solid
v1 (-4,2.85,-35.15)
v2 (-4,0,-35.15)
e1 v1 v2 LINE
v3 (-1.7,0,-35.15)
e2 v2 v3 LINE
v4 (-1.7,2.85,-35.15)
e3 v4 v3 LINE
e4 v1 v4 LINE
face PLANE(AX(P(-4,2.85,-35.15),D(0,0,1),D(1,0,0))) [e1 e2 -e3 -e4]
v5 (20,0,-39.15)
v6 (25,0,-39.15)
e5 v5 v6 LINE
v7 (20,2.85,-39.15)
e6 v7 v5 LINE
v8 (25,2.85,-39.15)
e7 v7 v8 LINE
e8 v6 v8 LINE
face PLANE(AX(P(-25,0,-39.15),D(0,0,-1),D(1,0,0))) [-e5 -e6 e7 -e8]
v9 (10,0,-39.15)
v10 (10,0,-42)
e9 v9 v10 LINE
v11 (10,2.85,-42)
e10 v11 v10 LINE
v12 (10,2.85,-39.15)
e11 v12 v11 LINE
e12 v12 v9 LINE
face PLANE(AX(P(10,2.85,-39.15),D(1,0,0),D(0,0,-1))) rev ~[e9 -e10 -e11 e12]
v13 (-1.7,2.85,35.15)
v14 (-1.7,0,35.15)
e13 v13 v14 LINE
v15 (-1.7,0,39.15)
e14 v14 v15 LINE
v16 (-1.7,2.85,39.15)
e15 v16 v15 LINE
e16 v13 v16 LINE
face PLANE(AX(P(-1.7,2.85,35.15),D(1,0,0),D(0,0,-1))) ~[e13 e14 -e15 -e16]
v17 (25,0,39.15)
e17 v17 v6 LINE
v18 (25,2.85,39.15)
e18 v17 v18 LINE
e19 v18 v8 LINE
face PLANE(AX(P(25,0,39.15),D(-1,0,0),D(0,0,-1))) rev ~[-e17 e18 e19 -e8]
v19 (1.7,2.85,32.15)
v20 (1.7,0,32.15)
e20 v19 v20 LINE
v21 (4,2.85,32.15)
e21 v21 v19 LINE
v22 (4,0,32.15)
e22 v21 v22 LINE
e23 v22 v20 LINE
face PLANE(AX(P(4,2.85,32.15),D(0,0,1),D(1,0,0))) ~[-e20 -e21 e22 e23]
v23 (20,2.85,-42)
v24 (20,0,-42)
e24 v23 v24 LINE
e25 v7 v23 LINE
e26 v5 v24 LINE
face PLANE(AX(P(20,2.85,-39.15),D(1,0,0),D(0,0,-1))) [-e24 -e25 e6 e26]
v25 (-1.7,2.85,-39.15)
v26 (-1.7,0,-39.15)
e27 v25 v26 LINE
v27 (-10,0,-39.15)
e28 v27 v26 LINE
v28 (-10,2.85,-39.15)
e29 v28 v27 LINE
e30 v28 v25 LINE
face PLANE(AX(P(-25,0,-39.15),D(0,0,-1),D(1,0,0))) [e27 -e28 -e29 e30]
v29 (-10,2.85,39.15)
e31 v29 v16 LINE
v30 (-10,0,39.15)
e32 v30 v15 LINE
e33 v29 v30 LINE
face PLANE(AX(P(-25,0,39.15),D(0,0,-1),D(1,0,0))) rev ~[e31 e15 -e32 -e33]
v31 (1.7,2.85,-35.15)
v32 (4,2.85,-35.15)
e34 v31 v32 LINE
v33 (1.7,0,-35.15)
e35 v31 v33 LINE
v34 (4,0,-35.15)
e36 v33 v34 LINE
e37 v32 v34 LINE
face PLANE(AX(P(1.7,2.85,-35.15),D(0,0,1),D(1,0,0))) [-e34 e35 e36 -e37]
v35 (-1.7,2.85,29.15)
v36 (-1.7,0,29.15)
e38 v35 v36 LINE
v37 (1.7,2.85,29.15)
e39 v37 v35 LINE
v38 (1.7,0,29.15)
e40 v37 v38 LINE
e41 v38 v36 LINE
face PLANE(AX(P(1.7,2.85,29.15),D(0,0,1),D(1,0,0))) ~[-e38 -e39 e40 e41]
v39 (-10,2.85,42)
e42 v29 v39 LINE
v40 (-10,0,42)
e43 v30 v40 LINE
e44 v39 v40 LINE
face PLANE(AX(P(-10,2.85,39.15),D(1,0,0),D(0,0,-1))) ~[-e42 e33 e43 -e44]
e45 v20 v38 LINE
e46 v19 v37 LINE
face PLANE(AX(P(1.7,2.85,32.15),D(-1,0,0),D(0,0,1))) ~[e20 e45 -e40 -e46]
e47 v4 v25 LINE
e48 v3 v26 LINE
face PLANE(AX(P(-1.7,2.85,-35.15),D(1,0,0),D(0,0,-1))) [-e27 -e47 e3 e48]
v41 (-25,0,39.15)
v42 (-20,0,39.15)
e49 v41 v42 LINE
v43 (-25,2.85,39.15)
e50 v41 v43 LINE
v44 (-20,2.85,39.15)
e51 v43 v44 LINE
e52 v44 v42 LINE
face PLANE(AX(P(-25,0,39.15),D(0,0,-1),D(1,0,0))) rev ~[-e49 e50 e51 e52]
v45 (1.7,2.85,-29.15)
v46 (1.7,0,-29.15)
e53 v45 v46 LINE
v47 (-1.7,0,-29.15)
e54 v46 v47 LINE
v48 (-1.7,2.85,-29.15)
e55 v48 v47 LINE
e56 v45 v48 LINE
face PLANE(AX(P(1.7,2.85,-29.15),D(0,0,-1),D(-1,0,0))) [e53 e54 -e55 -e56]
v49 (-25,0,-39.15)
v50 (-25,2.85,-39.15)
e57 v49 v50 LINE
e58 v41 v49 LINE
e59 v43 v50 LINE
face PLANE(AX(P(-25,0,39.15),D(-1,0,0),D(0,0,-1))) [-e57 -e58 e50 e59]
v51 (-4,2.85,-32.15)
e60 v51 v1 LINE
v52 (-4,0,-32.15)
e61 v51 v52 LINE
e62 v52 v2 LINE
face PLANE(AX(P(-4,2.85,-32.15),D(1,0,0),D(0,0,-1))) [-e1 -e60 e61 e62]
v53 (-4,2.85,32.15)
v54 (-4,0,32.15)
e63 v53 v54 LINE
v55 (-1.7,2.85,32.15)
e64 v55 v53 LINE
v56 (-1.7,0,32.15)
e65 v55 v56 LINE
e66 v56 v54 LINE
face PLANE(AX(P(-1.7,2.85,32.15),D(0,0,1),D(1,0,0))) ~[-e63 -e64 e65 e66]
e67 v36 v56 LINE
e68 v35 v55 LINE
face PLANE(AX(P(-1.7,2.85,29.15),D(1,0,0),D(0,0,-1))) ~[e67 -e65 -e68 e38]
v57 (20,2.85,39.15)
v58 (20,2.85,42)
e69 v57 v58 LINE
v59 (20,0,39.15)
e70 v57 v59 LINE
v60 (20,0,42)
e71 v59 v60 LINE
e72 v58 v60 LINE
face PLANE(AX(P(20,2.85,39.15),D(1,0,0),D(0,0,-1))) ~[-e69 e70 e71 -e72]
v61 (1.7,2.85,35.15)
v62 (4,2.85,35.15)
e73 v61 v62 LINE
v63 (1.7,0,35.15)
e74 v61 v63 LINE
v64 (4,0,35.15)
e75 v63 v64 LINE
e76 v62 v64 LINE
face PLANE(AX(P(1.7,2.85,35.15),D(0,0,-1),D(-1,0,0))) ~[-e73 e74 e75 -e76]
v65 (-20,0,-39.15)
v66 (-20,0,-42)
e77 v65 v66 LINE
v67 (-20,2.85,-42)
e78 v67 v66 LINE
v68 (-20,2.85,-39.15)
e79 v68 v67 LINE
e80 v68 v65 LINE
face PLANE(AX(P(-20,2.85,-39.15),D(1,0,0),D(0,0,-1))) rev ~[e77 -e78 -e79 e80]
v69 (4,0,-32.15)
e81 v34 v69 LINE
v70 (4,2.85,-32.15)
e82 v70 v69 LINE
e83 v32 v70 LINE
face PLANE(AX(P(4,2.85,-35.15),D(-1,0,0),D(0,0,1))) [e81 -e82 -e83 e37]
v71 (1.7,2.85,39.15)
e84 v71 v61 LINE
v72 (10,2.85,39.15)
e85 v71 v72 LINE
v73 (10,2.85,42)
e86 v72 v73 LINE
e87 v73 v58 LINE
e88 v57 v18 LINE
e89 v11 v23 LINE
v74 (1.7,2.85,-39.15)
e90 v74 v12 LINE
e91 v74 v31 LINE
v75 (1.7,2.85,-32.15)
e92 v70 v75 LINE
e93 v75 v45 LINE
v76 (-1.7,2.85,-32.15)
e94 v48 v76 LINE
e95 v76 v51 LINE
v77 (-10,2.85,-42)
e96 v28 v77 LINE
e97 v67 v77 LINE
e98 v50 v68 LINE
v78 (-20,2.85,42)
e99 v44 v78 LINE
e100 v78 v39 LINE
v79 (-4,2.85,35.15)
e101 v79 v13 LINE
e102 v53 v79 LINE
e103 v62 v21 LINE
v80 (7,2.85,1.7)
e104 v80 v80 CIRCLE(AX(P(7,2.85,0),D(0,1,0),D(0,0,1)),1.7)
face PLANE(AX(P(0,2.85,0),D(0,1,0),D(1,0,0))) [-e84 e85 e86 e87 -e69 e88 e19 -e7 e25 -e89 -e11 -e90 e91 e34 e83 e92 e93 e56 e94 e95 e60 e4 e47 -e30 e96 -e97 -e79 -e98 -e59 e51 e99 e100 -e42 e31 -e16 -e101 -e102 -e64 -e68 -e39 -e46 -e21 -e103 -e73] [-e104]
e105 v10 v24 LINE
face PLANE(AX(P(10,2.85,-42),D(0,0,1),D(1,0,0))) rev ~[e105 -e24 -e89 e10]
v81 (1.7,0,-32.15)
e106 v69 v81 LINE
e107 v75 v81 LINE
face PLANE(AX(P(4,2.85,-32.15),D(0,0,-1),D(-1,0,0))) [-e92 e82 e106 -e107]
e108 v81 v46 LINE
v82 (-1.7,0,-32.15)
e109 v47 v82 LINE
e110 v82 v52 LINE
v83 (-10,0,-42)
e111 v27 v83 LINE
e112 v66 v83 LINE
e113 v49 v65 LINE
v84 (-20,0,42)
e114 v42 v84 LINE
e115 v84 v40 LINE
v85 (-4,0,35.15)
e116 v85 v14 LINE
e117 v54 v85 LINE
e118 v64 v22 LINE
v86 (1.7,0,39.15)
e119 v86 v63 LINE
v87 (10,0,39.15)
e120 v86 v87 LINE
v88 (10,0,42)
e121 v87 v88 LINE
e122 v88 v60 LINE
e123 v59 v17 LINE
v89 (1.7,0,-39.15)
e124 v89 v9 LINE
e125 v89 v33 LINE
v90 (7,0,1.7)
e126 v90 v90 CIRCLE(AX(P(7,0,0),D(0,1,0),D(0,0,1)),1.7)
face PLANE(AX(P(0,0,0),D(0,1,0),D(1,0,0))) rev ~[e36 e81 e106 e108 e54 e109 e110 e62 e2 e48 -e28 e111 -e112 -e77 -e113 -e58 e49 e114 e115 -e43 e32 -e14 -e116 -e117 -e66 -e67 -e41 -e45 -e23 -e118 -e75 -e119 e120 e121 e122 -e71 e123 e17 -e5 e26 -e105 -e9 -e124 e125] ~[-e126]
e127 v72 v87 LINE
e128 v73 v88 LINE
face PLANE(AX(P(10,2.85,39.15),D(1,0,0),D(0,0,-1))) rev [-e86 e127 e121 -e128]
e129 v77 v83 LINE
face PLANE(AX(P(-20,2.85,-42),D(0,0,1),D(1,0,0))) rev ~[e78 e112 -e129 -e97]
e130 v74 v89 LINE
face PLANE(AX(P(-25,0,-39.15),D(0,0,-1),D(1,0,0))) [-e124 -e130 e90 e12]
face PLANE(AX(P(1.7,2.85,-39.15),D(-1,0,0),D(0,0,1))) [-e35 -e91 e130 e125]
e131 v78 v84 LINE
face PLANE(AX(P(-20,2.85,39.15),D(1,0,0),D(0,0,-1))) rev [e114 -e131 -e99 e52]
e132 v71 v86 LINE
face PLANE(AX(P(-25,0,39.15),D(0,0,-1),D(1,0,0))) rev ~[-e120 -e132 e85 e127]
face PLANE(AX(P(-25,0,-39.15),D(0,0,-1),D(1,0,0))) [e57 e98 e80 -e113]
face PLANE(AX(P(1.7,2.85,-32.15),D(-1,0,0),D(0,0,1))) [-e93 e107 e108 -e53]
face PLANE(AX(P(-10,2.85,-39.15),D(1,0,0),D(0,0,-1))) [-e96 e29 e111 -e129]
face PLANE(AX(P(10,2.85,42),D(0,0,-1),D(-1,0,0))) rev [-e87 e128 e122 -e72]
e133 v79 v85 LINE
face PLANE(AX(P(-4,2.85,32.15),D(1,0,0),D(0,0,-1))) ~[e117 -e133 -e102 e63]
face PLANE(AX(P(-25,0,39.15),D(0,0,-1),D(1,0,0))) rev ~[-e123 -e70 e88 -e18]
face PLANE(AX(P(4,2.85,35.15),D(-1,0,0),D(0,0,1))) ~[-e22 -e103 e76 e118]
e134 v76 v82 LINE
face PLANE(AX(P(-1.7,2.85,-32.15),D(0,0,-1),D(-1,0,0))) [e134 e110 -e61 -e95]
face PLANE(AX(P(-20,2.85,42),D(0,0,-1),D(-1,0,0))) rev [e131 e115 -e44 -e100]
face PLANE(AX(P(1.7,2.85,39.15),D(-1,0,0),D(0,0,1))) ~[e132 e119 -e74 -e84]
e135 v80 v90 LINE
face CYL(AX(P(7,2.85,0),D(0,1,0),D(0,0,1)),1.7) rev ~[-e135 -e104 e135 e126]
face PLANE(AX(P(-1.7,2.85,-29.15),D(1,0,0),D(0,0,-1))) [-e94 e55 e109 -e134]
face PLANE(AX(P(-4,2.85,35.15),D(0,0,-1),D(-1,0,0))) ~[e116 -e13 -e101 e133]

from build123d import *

# Parameters (mm, degrees)
SKETCH1_W           = 50
SKETCH1_H           = 78.3
BOSS_EXTRUDE1_DEPTH = 2.85
SKETCH2_R           = 1.7
CUT_EXTRUDE1_DEPTH  = 47.53863986
CUT_EXTRUDE2_DEPTH  = 47.53863986
SKETCH4_W           = 10
SKETCH4_H           = 2.85
BOSS_EXTRUDE2_DEPTH = 2.85


with BuildPart() as part:
    # Sketch1 → Boss-Extrude1 (new body)
    with BuildSketch(Plane(origin=(0, 0, 0), x_dir=(1, 0, 0), z_dir=(0, 1, 0))):
        Rectangle(SKETCH1_W, SKETCH1_H)
    extrude(amount=BOSS_EXTRUDE1_DEPTH)

    # Sketch2 → Cut-Extrude1 (cut, through all)
    with BuildSketch(Plane(origin=(0, 2.85, 0), x_dir=(1, 0, 0), z_dir=(0, 1, 0))):
        with Locations(Location((7, 0, 0), (0, 0, 270))):
            Circle(SKETCH2_R)
    extrude(amount=-CUT_EXTRUDE1_DEPTH, mode=Mode.SUBTRACT)

    # Sketch3 → Cut-Extrude2 (cut, through all)
    with BuildSketch(Plane(origin=(0, 2.85, 0), x_dir=(1, 0, 0), z_dir=(0, 1, 0))):
        Polygon((-4, 35.15), (-1.7, 35.15), (-1.7, 39.15), (1.7, 39.15), (1.7, 35.15), (4, 35.15), (4, 32.15), (1.7, 32.15), (1.7, 29.15), (-1.7, 29.15), (-1.7, 32.15), (-4, 32.15), align=None)
    cut_extrude2 = extrude(amount=-CUT_EXTRUDE2_DEPTH, mode=Mode.SUBTRACT)

    # Sketch4 → Boss-Extrude2 (add)
    with BuildSketch(Plane(origin=(0, 2.85, 0), x_dir=(1, 0, 0), z_dir=(0, 1, 0))):
        with Locations((-15, 40.575)):
            Rectangle(SKETCH4_W, SKETCH4_H)
        with Locations((15, 40.575)):
            Rectangle(SKETCH4_W, SKETCH4_H)
    boss_extrude2 = extrude(amount=-BOSS_EXTRUDE2_DEPTH)

    # Mirror1: Cut-Extrude2, Boss-Extrude2 across plane
    add(cut_extrude2.mirror(Plane.XY), mode=Mode.SUBTRACT)
    add(boss_extrude2.mirror(Plane.XY))


solid = part.part
